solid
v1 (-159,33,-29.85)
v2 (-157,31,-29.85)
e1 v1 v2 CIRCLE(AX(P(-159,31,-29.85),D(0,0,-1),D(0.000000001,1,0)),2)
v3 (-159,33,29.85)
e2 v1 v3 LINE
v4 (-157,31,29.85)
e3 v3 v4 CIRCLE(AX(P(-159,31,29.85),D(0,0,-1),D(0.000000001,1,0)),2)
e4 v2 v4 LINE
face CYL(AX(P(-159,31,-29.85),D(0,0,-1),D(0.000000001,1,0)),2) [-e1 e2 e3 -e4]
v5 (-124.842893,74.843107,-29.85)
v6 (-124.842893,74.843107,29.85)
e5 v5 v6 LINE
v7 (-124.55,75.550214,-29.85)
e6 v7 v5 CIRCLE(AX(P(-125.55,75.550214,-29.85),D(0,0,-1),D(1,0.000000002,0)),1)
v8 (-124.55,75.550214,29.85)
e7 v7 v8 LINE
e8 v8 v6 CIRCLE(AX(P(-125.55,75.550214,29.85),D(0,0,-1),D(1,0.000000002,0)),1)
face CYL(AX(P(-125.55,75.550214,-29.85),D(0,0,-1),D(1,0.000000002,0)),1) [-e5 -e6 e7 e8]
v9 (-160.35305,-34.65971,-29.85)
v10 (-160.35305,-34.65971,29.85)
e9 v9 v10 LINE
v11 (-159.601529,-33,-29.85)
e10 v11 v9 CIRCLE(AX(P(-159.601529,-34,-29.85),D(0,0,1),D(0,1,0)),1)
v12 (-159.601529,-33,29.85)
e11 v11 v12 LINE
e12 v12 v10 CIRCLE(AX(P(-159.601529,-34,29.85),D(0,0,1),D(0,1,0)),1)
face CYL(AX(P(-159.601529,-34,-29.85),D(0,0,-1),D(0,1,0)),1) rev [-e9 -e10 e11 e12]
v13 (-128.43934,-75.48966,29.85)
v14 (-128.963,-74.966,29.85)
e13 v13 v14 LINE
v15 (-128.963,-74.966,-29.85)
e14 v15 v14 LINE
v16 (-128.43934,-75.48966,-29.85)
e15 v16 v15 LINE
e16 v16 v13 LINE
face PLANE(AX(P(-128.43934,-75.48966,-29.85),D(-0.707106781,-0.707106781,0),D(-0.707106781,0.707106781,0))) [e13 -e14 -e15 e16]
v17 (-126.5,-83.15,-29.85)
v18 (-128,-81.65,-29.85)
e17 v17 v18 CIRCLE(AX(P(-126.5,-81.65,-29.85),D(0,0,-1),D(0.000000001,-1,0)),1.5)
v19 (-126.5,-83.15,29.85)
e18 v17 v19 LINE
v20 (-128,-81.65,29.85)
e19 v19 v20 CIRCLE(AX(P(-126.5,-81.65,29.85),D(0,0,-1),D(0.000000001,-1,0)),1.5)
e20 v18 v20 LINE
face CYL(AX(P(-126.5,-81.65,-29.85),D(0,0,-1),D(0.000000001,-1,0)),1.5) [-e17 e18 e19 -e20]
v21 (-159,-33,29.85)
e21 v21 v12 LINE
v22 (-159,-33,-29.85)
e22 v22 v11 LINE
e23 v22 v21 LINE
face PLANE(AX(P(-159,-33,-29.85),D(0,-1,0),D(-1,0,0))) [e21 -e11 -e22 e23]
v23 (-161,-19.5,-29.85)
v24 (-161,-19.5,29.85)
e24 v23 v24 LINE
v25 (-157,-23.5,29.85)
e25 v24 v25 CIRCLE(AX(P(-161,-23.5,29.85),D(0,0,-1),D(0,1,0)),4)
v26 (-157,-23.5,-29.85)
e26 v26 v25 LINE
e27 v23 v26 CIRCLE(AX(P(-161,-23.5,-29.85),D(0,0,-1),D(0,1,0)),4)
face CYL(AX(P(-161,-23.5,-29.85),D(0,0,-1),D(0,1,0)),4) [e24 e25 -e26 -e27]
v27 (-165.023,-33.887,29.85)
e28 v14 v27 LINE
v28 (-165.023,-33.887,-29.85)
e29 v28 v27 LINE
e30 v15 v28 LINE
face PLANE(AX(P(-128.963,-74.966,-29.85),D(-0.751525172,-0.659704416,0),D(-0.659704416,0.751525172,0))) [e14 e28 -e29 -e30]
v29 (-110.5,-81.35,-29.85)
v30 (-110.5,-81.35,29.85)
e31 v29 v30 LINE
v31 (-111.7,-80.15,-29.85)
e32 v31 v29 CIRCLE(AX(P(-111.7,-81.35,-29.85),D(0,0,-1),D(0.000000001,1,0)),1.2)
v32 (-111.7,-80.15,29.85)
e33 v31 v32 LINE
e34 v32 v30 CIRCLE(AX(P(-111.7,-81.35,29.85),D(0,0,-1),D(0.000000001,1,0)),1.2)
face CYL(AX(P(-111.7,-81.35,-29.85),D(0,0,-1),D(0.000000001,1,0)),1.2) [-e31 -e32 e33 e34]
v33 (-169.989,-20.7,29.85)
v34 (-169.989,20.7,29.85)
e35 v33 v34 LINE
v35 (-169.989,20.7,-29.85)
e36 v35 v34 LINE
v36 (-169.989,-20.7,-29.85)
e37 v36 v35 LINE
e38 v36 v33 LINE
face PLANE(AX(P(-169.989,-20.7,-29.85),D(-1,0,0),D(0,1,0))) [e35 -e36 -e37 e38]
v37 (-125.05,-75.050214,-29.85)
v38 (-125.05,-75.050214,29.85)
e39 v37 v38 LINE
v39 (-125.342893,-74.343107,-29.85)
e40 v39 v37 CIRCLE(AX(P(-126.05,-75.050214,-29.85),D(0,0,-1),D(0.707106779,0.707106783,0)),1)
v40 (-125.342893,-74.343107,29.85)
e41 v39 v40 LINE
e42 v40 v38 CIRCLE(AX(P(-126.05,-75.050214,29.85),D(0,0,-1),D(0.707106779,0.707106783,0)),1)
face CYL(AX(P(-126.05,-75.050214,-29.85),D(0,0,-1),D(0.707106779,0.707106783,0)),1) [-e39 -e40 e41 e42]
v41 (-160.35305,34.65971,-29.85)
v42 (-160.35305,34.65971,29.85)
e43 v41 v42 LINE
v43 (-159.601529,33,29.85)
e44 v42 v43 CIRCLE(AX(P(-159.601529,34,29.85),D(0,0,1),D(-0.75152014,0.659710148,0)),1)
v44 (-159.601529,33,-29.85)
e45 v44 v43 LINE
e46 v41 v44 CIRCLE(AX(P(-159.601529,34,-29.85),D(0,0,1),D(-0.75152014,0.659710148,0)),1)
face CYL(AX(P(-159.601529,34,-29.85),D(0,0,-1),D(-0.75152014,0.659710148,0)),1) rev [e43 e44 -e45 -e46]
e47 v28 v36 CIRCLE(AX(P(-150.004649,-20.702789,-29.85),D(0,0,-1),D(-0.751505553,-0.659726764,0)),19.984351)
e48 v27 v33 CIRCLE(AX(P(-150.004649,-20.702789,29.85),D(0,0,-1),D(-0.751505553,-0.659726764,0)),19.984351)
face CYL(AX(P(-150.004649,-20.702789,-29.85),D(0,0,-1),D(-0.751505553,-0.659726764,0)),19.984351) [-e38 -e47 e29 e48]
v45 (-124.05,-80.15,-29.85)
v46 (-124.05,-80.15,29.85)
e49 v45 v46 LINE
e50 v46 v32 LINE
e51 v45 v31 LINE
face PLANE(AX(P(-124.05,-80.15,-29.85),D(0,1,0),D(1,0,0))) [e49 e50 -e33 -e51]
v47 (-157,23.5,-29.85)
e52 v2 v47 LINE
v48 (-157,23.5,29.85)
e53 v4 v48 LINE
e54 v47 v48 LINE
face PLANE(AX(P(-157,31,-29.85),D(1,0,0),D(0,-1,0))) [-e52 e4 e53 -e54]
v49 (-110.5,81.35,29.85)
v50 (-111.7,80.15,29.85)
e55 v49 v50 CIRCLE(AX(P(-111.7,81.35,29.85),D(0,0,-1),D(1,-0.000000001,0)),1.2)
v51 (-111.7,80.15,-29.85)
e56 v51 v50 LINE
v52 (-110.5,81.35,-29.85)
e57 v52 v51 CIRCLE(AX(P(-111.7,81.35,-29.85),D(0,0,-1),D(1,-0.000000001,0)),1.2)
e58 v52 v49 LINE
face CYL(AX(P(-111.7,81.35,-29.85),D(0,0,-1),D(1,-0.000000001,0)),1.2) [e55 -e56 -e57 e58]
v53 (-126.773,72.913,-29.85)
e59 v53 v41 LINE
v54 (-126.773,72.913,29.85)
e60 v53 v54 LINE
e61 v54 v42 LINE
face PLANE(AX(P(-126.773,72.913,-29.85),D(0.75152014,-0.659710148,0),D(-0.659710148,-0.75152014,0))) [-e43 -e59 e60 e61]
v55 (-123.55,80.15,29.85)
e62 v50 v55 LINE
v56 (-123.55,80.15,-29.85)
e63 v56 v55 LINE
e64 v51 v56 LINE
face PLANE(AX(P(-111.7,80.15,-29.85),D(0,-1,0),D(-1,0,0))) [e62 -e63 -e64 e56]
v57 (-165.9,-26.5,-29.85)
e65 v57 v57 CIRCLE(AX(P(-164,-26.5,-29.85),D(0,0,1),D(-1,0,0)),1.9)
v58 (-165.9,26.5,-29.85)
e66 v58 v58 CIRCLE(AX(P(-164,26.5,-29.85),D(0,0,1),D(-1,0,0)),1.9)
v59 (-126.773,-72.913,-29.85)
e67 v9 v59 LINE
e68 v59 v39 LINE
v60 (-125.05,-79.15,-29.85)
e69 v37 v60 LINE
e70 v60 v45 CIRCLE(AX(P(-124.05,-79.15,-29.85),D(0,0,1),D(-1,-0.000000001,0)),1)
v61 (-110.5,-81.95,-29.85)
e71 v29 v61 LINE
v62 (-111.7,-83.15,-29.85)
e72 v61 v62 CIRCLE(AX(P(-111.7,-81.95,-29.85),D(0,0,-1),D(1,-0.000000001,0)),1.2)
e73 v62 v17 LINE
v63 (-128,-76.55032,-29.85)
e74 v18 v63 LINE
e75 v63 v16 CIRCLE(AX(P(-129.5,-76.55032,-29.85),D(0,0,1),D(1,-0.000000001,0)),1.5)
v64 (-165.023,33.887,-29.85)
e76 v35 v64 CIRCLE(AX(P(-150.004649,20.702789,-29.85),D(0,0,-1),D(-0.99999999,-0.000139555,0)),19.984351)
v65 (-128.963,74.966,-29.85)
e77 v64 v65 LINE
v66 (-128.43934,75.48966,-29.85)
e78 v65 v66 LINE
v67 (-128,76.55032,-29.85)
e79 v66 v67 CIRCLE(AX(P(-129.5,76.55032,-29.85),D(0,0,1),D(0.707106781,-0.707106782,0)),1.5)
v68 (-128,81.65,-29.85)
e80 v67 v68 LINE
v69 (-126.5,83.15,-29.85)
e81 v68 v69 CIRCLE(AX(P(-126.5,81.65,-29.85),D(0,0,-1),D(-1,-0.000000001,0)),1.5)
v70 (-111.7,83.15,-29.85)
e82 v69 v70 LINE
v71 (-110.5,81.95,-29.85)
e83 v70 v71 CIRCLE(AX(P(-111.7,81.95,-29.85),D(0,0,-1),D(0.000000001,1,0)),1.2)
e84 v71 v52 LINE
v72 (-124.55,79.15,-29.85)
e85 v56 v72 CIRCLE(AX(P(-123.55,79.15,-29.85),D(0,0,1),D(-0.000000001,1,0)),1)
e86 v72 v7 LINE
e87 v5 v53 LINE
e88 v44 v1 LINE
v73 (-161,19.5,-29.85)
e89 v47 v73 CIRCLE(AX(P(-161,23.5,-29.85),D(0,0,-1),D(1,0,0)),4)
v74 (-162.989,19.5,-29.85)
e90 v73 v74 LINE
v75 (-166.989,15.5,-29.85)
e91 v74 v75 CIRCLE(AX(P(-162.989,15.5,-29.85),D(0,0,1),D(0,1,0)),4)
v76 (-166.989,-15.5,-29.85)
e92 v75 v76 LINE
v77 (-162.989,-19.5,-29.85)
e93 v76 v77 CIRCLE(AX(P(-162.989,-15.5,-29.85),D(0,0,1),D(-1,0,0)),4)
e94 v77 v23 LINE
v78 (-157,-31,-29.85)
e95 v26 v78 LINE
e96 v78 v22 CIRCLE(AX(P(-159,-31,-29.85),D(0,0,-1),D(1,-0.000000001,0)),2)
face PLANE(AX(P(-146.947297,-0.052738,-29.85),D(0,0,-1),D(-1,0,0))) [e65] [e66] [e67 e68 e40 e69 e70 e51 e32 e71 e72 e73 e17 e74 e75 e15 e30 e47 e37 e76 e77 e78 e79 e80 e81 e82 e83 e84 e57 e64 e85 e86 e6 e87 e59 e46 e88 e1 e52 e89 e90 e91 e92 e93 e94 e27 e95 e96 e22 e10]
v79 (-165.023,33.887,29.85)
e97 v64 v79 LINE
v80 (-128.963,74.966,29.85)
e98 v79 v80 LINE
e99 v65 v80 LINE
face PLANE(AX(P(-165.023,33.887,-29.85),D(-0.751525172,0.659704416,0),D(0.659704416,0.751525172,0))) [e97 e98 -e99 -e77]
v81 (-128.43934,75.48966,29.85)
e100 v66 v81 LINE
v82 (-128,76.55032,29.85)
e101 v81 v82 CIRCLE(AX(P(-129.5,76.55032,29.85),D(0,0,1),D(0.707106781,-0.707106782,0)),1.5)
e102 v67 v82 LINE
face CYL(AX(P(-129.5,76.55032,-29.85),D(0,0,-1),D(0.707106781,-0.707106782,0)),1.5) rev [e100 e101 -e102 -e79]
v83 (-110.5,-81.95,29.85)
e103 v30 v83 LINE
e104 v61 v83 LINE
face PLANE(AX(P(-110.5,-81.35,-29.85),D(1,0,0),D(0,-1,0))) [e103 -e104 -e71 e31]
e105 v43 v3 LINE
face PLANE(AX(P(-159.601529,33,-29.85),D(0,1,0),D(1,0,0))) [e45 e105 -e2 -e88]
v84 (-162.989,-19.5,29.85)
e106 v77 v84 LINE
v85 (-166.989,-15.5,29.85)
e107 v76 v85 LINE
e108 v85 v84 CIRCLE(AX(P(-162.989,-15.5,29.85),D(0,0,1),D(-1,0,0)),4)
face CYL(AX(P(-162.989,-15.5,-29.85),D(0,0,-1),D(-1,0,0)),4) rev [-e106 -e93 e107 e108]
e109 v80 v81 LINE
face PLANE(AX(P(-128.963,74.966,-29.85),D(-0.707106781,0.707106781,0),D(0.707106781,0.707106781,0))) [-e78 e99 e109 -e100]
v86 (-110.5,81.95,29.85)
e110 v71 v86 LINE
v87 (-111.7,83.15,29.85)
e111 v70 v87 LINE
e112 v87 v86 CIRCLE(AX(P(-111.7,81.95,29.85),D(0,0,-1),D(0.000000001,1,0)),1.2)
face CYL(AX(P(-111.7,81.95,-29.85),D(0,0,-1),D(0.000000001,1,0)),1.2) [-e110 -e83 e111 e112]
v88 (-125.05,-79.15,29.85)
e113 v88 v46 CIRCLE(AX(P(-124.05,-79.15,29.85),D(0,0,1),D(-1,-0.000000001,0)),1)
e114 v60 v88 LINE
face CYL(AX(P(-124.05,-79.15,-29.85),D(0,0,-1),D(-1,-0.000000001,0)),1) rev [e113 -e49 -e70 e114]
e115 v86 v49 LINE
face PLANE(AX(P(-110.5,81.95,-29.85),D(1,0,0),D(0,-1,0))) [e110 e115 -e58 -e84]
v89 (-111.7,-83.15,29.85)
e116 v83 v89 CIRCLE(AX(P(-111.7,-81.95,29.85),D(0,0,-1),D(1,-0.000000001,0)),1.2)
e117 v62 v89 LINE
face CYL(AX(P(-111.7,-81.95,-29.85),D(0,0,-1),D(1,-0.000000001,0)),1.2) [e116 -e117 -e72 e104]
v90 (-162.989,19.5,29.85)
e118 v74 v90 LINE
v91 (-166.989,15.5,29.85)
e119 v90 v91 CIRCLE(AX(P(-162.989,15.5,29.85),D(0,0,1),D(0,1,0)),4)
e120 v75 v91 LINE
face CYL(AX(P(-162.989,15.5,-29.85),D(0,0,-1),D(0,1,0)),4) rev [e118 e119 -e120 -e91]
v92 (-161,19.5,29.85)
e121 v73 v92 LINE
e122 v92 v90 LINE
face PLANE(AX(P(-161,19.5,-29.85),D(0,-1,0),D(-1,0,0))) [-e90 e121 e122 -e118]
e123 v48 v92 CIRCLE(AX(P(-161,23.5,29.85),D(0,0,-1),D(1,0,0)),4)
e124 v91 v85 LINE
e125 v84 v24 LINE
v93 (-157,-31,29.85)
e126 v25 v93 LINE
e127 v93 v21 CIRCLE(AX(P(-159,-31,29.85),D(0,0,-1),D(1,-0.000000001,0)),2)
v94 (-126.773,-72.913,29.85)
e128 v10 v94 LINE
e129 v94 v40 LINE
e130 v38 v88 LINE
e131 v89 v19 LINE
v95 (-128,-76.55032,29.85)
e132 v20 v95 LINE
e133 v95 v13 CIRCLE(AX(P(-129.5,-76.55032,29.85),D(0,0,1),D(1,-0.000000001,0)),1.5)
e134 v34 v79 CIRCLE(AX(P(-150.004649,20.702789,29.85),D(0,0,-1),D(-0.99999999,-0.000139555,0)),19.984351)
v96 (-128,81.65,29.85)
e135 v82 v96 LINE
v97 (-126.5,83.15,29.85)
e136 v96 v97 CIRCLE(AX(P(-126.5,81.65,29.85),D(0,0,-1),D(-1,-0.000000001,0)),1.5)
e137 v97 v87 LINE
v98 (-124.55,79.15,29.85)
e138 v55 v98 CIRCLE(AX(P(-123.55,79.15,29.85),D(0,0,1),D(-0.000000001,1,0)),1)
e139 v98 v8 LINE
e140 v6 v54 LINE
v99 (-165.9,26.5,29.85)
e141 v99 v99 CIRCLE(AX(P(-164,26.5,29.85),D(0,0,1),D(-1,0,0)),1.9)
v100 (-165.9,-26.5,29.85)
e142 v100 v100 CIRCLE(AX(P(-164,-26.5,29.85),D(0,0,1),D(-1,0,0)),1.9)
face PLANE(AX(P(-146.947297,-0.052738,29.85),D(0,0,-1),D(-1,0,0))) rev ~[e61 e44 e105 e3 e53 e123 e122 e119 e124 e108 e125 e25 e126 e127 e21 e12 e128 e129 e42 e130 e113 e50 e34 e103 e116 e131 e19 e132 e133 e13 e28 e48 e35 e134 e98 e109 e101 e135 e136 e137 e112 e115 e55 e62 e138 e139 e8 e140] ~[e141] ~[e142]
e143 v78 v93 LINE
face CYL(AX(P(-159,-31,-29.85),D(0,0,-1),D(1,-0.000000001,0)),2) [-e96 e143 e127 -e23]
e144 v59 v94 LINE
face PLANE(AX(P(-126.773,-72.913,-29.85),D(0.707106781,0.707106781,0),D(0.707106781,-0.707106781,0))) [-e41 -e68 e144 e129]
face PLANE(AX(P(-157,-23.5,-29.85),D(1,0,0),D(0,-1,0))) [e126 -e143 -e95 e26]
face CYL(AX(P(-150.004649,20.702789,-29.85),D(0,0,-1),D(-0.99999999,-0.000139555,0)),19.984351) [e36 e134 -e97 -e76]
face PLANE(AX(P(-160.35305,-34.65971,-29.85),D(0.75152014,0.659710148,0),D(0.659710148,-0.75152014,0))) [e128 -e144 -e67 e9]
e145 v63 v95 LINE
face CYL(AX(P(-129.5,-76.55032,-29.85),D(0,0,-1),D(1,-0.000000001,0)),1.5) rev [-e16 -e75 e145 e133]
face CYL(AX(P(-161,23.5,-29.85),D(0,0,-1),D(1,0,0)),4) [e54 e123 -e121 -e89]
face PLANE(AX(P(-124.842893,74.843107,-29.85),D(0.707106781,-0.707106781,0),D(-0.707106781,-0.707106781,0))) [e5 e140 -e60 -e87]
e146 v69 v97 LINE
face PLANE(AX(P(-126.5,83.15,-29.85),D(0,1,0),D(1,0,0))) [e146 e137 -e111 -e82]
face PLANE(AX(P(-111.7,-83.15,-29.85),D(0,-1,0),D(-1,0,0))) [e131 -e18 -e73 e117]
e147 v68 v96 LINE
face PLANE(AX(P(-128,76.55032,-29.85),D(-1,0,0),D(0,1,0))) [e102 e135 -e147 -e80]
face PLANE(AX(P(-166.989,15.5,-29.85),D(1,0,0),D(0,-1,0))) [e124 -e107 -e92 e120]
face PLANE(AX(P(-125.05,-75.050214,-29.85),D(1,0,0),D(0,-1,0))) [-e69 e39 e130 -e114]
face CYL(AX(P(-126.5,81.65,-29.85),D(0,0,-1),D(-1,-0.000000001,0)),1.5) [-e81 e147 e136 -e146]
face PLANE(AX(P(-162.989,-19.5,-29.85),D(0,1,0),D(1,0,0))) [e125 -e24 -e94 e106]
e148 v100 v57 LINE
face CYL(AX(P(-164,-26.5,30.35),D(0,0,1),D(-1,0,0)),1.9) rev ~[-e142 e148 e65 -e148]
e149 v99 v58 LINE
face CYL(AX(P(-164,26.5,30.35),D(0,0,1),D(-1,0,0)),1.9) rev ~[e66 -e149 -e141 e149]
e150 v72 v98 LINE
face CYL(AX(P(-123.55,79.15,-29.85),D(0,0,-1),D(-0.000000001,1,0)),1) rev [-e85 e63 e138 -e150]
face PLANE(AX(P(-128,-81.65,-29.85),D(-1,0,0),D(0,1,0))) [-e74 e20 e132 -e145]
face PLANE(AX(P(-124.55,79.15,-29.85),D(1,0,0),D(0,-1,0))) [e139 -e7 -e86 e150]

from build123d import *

# Parameters (mm, degrees)
EXTRUDE_START       = -29.85
EXTRUDE_1_DEPTH     = 59.7
CUT_EXTRUDE_START   = 30.35
SKETCH_2_R          = 1.9
CUT_EXTRUDE_1_DEPTH = 60.7


with BuildPart() as part:
    # 草图1 → 凸台-拉伸1 (new body)
    with BuildSketch(Plane.XY.offset(EXTRUDE_START)):
        with BuildLine():
            Line((-111.7, 80.15), (-123.55, 80.15))
            ThreePointArc((-123.55, 80.15), (-124.257106781, 79.857106781), (-124.55, 79.15))
            Line((-124.55, 79.15), (-124.55, 75.550213562))
            ThreePointArc((-124.55, 75.550213562), (-124.626120467, 75.16753013), (-124.842893219, 74.843106781))
            Line((-124.842893219, 74.843106781), (-126.773, 72.913))
            Line((-126.773, 72.913), (-160.353049521, 34.659710148))
            ThreePointArc((-160.353049521, 34.659710148), (-160.512493197, 33.587513726), (-159.601529381, 33))
            Line((-159.601529381, 33), (-159, 33))
            ThreePointArc((-159, 33), (-157.585786438, 32.414213562), (-157, 31))
            Line((-157, 31), (-157, 23.5))
            ThreePointArc((-157, 23.5), (-158.171572875, 20.671572875), (-161, 19.5))
            Line((-161, 19.5), (-162.989, 19.5))
            ThreePointArc((-162.989, 19.5), (-165.817427125, 18.328427125), (-166.989, 15.5))
            Line((-166.989, 15.5), (-166.989, -15.5))
            ThreePointArc((-166.989, -15.5), (-165.817427125, -18.328427125), (-162.989, -19.5))
            Line((-162.989, -19.5), (-161, -19.5))
            ThreePointArc((-161, -19.5), (-158.171572875, -20.671572875), (-157, -23.5))
            Line((-157, -23.5), (-157, -31))
            ThreePointArc((-157, -31), (-157.585786438, -32.414213562), (-159, -33))
            Line((-159, -33), (-159.601529381, -33))
            ThreePointArc((-159.601529381, -33), (-160.512493197, -33.587513726), (-160.353049521, -34.659710148))
            Line((-160.353049521, -34.659710148), (-126.773, -72.913))
            Line((-126.773, -72.913), (-125.342893219, -74.343106781))
            ThreePointArc((-125.342893219, -74.343106781), (-125.126120467, -74.66753013), (-125.05, -75.050213562))
            Line((-125.05, -75.050213562), (-125.05, -79.15))
            ThreePointArc((-125.05, -79.15), (-124.757106781, -79.857106781), (-124.05, -80.15))
            Line((-124.05, -80.15), (-111.7, -80.15))
            ThreePointArc((-111.7, -80.15), (-110.851471863, -80.501471863), (-110.5, -81.35))
            Line((-110.5, -81.35), (-110.5, -81.95))
            ThreePointArc((-110.5, -81.95), (-110.851471863, -82.798528137), (-111.7, -83.15))
            Line((-111.7, -83.15), (-126.5, -83.15))
            ThreePointArc((-126.5, -83.15), (-127.560660172, -82.710660172), (-128, -81.65))
            Line((-128, -81.65), (-128, -76.550320344))
            ThreePointArc((-128, -76.550320344), (-128.114180701, -75.976295195), (-128.439339828, -75.489660172))
            Line((-128.439339828, -75.489660172), (-128.963, -74.966))
            Line((-128.963, -74.966), (-165.023, -33.887))
            ThreePointArc((-165.023, -33.887), (-168.70682882, -27.745711718), (-169.989, -20.7))
            Line((-169.989, -20.7), (-169.989, 20.7))
            ThreePointArc((-169.989, 20.7), (-168.70682882, 27.745711718), (-165.023, 33.887))
            Line((-165.023, 33.887), (-128.963, 74.966))
            Line((-128.963, 74.966), (-128.439339828, 75.489660172))
            ThreePointArc((-128.439339828, 75.489660172), (-128.114180701, 75.976295195), (-128, 76.550320344))
            Line((-128, 76.550320344), (-128, 81.65))
            ThreePointArc((-128, 81.65), (-127.560660172, 82.710660172), (-126.5, 83.15))
            Line((-126.5, 83.15), (-111.7, 83.15))
            ThreePointArc((-111.7, 83.15), (-110.851471863, 82.798528137), (-110.5, 81.95))
            Line((-110.5, 81.95), (-110.5, 81.35))
            ThreePointArc((-110.5, 81.35), (-110.851471863, 80.501471863), (-111.7, 80.15))
        make_face()
    extrude(amount=EXTRUDE_1_DEPTH)

    # 草图2 → 切除-拉伸1 (cut)
    with BuildSketch(Plane.XY.offset(CUT_EXTRUDE_START)):
        with Locations(Location((-164, 26.5, 0), (0, 0, 180))):
            Circle(SKETCH_2_R)
        with Locations(Location((-164, -26.5, 0), (0, 0, 180))):
            Circle(SKETCH_2_R)
    extrude(amount=-CUT_EXTRUDE_1_DEPTH, mode=Mode.SUBTRACT)


solid = part.part
